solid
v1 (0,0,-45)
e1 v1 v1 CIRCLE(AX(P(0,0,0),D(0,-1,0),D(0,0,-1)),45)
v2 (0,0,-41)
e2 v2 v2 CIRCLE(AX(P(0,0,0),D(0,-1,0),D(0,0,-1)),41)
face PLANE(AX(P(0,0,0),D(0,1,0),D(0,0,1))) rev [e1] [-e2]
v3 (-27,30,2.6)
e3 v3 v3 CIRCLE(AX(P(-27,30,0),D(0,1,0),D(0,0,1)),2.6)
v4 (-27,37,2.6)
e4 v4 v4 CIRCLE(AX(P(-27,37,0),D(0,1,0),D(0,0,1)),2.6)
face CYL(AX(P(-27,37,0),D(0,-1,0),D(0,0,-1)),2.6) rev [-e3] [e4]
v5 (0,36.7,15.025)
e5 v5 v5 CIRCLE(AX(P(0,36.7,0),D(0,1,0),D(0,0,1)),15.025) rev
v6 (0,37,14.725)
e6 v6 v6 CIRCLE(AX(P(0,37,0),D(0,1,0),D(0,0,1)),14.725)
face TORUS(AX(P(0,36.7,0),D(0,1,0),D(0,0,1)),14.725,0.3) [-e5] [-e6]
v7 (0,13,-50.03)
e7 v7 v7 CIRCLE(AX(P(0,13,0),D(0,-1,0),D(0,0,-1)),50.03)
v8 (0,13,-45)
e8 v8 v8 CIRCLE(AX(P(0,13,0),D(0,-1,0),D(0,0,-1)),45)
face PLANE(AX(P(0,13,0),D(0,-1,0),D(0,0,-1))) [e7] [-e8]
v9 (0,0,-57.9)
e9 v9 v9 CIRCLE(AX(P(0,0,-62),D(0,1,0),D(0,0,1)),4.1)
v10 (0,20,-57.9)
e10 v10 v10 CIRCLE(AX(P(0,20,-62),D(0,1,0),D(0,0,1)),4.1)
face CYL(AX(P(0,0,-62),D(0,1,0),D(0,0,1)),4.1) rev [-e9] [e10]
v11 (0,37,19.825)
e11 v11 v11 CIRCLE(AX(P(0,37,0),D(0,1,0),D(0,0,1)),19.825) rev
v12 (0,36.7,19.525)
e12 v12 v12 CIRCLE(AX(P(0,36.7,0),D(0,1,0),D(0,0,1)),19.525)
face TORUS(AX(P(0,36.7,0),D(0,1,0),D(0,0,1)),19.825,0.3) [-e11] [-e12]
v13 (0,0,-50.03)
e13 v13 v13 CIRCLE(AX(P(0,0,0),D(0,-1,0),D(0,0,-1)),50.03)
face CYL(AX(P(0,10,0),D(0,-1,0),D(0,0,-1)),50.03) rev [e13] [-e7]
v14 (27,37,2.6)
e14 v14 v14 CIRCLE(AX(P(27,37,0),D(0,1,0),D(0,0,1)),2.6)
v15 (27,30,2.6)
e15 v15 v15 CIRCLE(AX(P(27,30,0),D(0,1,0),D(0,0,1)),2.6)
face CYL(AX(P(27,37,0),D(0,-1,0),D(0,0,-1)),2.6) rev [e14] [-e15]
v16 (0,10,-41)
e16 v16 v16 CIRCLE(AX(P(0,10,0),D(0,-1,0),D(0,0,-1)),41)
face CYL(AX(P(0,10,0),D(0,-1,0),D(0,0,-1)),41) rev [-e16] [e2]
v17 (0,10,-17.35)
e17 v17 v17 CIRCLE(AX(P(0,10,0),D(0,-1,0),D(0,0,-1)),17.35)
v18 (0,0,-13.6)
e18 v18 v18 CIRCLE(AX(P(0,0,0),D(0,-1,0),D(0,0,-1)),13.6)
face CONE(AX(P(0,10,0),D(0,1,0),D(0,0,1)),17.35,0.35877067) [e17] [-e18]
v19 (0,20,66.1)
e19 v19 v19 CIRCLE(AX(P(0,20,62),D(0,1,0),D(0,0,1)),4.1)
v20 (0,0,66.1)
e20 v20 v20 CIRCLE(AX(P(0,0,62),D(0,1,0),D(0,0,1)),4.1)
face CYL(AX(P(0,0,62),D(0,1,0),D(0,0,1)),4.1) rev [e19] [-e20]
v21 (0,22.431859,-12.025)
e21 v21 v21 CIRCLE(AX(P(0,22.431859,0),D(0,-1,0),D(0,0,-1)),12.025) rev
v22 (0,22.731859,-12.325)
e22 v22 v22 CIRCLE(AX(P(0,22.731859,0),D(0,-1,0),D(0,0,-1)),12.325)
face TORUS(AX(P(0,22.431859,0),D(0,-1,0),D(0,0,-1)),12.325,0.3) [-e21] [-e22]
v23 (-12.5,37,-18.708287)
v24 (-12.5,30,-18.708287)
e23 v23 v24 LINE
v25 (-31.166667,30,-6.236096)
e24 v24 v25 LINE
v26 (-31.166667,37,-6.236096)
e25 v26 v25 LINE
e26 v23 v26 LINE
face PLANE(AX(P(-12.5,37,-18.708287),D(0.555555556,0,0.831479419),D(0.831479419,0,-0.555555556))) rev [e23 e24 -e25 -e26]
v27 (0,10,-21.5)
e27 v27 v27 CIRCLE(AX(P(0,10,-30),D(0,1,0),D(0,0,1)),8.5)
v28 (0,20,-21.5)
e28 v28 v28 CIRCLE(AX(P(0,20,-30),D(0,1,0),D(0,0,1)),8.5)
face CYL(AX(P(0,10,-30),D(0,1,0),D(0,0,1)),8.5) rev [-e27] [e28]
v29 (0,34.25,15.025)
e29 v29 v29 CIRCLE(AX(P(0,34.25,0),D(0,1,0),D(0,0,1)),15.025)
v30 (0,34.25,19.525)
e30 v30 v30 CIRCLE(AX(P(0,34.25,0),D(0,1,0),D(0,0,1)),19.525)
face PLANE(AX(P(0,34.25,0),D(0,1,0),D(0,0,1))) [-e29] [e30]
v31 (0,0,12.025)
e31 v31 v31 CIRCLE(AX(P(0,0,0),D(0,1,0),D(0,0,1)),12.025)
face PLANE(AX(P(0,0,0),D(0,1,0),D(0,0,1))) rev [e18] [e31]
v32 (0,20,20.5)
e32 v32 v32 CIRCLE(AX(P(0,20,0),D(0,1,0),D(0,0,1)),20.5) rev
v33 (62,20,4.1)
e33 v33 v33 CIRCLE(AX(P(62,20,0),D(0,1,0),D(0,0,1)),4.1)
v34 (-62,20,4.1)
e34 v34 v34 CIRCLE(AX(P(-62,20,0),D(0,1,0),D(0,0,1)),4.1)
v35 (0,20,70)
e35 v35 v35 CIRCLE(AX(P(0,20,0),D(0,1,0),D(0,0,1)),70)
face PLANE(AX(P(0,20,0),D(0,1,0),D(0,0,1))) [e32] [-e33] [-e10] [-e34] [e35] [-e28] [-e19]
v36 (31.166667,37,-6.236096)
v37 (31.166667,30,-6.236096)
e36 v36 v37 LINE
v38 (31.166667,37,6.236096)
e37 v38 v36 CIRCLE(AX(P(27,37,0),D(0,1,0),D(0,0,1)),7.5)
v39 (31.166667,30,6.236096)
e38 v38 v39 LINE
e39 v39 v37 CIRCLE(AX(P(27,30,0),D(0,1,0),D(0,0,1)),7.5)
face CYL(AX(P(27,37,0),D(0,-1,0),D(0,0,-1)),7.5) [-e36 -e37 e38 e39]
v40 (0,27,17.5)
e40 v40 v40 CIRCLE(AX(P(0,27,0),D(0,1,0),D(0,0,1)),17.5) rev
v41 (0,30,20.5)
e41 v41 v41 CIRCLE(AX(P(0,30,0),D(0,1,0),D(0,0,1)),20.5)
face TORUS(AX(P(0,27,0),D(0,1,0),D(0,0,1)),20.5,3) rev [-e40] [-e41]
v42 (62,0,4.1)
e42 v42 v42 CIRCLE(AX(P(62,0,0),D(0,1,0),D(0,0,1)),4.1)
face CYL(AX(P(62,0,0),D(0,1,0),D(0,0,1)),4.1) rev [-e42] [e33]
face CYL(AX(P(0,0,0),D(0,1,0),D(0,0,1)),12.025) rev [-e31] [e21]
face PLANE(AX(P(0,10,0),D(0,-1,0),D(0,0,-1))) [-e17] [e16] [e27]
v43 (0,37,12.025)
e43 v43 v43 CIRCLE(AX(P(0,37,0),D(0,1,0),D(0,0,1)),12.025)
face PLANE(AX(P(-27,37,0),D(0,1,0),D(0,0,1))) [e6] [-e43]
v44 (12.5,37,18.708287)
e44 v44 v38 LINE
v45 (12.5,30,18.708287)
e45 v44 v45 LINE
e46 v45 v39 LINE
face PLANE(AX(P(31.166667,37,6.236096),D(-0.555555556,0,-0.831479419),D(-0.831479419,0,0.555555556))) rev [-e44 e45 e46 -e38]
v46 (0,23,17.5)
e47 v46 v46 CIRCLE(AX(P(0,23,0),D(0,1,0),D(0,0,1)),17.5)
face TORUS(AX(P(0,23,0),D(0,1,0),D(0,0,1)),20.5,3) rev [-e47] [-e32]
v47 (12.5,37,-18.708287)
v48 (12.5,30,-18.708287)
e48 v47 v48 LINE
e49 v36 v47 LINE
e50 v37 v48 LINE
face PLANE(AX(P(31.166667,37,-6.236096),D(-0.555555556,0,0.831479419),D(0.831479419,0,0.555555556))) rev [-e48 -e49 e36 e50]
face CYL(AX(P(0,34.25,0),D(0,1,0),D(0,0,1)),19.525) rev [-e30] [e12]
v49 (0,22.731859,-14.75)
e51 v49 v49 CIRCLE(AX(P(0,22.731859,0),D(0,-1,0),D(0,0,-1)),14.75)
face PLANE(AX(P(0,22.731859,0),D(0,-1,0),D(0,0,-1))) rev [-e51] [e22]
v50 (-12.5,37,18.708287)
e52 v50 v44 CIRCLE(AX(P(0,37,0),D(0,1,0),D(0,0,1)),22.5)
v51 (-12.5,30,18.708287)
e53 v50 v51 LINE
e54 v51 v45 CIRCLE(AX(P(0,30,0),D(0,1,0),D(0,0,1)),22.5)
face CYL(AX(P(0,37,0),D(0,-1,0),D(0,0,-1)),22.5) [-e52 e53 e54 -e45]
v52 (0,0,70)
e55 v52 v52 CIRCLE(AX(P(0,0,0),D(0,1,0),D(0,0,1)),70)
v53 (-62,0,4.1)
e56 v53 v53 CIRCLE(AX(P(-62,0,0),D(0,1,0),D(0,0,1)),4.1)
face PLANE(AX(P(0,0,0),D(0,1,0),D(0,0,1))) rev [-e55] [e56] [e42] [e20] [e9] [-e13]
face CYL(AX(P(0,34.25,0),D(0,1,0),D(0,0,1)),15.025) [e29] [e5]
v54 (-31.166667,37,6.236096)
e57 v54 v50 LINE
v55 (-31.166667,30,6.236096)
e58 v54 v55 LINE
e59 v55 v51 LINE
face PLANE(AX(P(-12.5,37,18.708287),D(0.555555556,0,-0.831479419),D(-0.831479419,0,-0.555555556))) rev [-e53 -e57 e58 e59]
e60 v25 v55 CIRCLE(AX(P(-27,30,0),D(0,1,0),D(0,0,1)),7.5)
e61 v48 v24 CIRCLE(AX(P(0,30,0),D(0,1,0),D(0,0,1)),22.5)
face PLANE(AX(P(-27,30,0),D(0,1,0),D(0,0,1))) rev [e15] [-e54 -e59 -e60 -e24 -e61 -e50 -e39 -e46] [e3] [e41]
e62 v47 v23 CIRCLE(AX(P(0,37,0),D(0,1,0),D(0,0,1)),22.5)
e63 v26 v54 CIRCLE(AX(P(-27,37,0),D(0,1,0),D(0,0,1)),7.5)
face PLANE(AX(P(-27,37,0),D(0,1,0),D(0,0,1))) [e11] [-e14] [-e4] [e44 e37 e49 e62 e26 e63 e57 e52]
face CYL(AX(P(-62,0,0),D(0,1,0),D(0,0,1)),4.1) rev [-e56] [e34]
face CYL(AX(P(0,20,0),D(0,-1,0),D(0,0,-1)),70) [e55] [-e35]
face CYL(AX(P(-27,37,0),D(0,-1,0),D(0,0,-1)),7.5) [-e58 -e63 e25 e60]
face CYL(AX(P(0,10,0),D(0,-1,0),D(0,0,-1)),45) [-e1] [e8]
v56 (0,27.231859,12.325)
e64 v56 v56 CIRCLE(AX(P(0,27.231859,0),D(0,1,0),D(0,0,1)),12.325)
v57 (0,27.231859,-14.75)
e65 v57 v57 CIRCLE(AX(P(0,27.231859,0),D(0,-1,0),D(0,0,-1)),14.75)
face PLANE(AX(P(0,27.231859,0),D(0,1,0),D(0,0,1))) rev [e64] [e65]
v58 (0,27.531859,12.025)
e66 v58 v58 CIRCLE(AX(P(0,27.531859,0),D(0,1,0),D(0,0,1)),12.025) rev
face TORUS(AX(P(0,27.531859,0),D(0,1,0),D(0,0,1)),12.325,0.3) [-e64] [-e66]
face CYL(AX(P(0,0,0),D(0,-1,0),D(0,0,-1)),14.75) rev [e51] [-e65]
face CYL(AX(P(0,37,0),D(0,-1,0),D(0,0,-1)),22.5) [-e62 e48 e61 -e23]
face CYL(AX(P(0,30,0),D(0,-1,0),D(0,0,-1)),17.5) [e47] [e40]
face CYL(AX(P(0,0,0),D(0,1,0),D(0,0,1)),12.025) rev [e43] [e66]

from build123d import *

# Parameters (mm, degrees)
IZIM1_R                     = 70
Y_KSEKLIK_EKSTR_ZYON1_DEPTH = 20
IZIM2_R                     = 50.03
IZIM2_R_2                   = 45
IZIM2_R_3                   = 41
IZIM2_R_4                   = 17.35
KES_EKSTR_ZYON1_DEPTH       = 10
IZIM5_R                     = 17.5
Y_KSEKLIK_EKSTR_ZYON2_DEPTH = 10
IZIM7_R                     = 2.6
Y_KSEKLIK_EKSTR_ZYON3_DEPTH = 7
IZIM8_R                     = 12.025
KES_EKSTR_ZYON3_DEPTH       = 106.683489723
IZIM9_R                     = 19.525
IZIM9_R_2                   = 15.025
KES_EKSTR_ZYON4_DEPTH       = 2.75
RADYUS1_R                   = 0.3
RADYUS2_R                   = 3
IZIM10_W                    = 2.75
IZIM10_H                    = 4.5
RADYUS3_R                   = 0.3
IZIM12_R                    = 4.1
KES_EKSTR_ZYON5_DEPTH       = 101.995049384
IZIM13_R                    = 8.5
KES_EKSTR_ZYON6_DEPTH       = 10
IZIM14_R                    = 50.03
IZIM14_R_2                  = 45
KES_EKSTR_ZYON7_DEPTH       = 3


with BuildPart() as part:
    # Çizim1 → Yükseklik-Ekstrüzyon1 (new body)
    with BuildSketch(Plane(origin=(0, 0, 0), x_dir=(1, 0, 0), z_dir=(0, 1, 0))):
        with Locations(Location((0, 0, 0), (0, 0, 270))):
            Circle(IZIM1_R)
    extrude(amount=Y_KSEKLIK_EKSTR_ZYON1_DEPTH)

    # Çizim2 → Kes-Ekstrüzyon1 (cut)
    # profile 1 of 2: a face of its own
    with BuildSketch(Plane.XZ):
        with Locations(Location((0, 0, 0), (0, 0, 270))):
            Circle(IZIM2_R)
        with Locations(Location((0, 0, 0), (0, 0, 270))):
            Circle(IZIM2_R_2, mode=Mode.SUBTRACT)
    # profile 2 of 2: a face of its own
    with BuildSketch(Plane.XZ):
        with Locations(Location((0, 0, 0), (0, 0, 270))):
            Circle(IZIM2_R_3)
        with Locations(Location((0, 0, 0), (0, 0, 270))):
            Circle(IZIM2_R_4, mode=Mode.SUBTRACT)
    extrude(amount=-KES_EKSTR_ZYON1_DEPTH, mode=Mode.SUBTRACT)

    # Çizim4 → Kes-Döndür1 (revolve, cut)
    with BuildSketch(Plane.XY, mode=Mode.PRIVATE) as kes_d_nd_r1_sk:
        Polygon((-17.35, 10), (-17.35, 0), (-13.6, 0), align=None)
    revolve(kes_d_nd_r1_sk.sketch.rotate(Axis((0, 0, 0), (0, 1, 0)), 270), axis=Axis((0, 0, 0), (0, 1, 0)), mode=Mode.SUBTRACT)

    # Çizim5 → Yükseklik-Ekstrüzyon2 (add)
    with BuildSketch(Plane(origin=(0, 20, 0), x_dir=(1, 0, 0), z_dir=(0, 1, 0))):
        with Locations(Location((0, 0, 0), (0, 0, 270))):
            Circle(IZIM5_R)
    extrude(amount=Y_KSEKLIK_EKSTR_ZYON2_DEPTH)

    # Çizim7 → Yükseklik-Ekstrüzyon3 (add)
    with BuildSketch(Plane(origin=(0, 30, 0), x_dir=(1, 0, 0), z_dir=(0, 1, 0))):
        with BuildLine():
            Line((31.166666667, -6.236095645), (12.5, -18.708286934))
            ThreePointArc((12.5, -18.708286934), (0, -22.5), (-12.5, -18.708286934))
            Line((-12.5, -18.708286934), (-31.166666667, -6.236095645))
            ThreePointArc((-31.166666667, -6.236095645), (-34.5, 0), (-31.166666667, 6.236095645))
            Line((-31.166666667, 6.236095645), (-12.5, 18.708286934))
            ThreePointArc((-12.5, 18.708286934), (0, 22.5), (12.5, 18.708286934))
            Line((12.5, 18.708286934), (31.166666667, 6.236095645))
            ThreePointArc((31.166666667, 6.236095645), (34.5, 0), (31.166666667, -6.236095645))
        make_face()
        with Locations(Location((-27, 0, 0), (0, 0, 270))):
            Circle(IZIM7_R, mode=Mode.SUBTRACT)
        with Locations(Location((27, 0, 0), (0, 0, 270))):
            Circle(IZIM7_R, mode=Mode.SUBTRACT)
    extrude(amount=Y_KSEKLIK_EKSTR_ZYON3_DEPTH)

    # Çizim8 → Kes-Ekstrüzyon3 (cut, through all)
    with BuildSketch(Plane(origin=(0, 37, 0), x_dir=(1, 0, 0), z_dir=(0, 1, 0))):
        with Locations(Location((0, 0, 0), (0, 0, 270))):
            Circle(IZIM8_R)
    extrude(amount=-KES_EKSTR_ZYON3_DEPTH, mode=Mode.SUBTRACT)

    # Çizim9 → Kes-Ekstrüzyon4 (cut)
    with BuildSketch(Plane(origin=(0, 37, 0), x_dir=(1, 0, 0), z_dir=(0, 1, 0))):
        with Locations(Location((0, 0, 0), (0, 0, 270))):
            Circle(IZIM9_R)
        with Locations(Location((0, 0, 0), (0, 0, 270))):
            Circle(IZIM9_R_2, mode=Mode.SUBTRACT)
    extrude(amount=-KES_EKSTR_ZYON4_DEPTH, mode=Mode.SUBTRACT)

    # Radyus1
    radyus1_edges = [part.edges().sort_by_distance(p)[0] for p in [
        (0, 37, -19.525),
        (0, 37, -15.025),
    ]]
    fillet(radyus1_edges, radius=RADYUS1_R)

    # Radyus2
    radyus2_edges = [part.edges().sort_by_distance(p)[0] for p in [
        (0, 20, -17.5),
        (0, 30, -17.5),
    ]]
    fillet(radyus2_edges, radius=RADYUS2_R)

    # Çizim10 → Kes-Döndür2 (revolve, cut)
    with BuildSketch(Plane.XY, mode=Mode.PRIVATE) as kes_d_nd_r2_sk:
        with Locations((-13.375, 24.981859074)):
            Rectangle(IZIM10_W, IZIM10_H)
    revolve(kes_d_nd_r2_sk.sketch.rotate(Axis((0, 0, 0), (0, 1, 0)), 90), axis=Axis((0, 0, 0), (0, 1, 0)), mode=Mode.SUBTRACT)

    # Radyus3
    radyus3_edges = [part.edges().sort_by_distance(p)[0] for p in [
        (0, 27.231859074, -12.025),
        (0, 22.731859074, -12.025),
    ]]
    fillet(radyus3_edges, radius=RADYUS3_R)

    # Çizim12 → Kes-Ekstrüzyon5 (cut, through all)
    with BuildSketch(Plane(origin=(0, 20, 0), x_dir=(1, 0, 0), z_dir=(0, 1, 0))):
        with Locations(Location((0, 62, 0), (0, 0, 270))):
            Circle(IZIM12_R)
        with Locations(Location((62, 0, 0), (0, 0, 270))):
            Circle(IZIM12_R)
        with Locations(Location((0, -62, 0), (0, 0, 270))):
            Circle(IZIM12_R)
        with Locations(Location((-62, 0, 0), (0, 0, 270))):
            Circle(IZIM12_R)
    extrude(amount=-KES_EKSTR_ZYON5_DEPTH, mode=Mode.SUBTRACT)

    # Çizim13 → Kes-Ekstrüzyon6 (cut)
    with BuildSketch(Plane(origin=(0, 20, 0), x_dir=(1, 0, 0), z_dir=(0, 1, 0))):
        with Locations(Location((0, 30, 0), (0, 0, 270))):
            Circle(IZIM13_R)
    extrude(amount=-KES_EKSTR_ZYON6_DEPTH, mode=Mode.SUBTRACT)

    # Çizim14 → Kes-Ekstrüzyon7 (cut)
    with BuildSketch(Plane.XZ.offset(-10)):
        with Locations(Location((0, 0, 0), (0, 0, 270))):
            Circle(IZIM14_R)
        with Locations(Location((0, 0, 0), (0, 0, 270))):
            Circle(IZIM14_R_2, mode=Mode.SUBTRACT)
    extrude(amount=-KES_EKSTR_ZYON7_DEPTH, mode=Mode.SUBTRACT)


solid = part.part
